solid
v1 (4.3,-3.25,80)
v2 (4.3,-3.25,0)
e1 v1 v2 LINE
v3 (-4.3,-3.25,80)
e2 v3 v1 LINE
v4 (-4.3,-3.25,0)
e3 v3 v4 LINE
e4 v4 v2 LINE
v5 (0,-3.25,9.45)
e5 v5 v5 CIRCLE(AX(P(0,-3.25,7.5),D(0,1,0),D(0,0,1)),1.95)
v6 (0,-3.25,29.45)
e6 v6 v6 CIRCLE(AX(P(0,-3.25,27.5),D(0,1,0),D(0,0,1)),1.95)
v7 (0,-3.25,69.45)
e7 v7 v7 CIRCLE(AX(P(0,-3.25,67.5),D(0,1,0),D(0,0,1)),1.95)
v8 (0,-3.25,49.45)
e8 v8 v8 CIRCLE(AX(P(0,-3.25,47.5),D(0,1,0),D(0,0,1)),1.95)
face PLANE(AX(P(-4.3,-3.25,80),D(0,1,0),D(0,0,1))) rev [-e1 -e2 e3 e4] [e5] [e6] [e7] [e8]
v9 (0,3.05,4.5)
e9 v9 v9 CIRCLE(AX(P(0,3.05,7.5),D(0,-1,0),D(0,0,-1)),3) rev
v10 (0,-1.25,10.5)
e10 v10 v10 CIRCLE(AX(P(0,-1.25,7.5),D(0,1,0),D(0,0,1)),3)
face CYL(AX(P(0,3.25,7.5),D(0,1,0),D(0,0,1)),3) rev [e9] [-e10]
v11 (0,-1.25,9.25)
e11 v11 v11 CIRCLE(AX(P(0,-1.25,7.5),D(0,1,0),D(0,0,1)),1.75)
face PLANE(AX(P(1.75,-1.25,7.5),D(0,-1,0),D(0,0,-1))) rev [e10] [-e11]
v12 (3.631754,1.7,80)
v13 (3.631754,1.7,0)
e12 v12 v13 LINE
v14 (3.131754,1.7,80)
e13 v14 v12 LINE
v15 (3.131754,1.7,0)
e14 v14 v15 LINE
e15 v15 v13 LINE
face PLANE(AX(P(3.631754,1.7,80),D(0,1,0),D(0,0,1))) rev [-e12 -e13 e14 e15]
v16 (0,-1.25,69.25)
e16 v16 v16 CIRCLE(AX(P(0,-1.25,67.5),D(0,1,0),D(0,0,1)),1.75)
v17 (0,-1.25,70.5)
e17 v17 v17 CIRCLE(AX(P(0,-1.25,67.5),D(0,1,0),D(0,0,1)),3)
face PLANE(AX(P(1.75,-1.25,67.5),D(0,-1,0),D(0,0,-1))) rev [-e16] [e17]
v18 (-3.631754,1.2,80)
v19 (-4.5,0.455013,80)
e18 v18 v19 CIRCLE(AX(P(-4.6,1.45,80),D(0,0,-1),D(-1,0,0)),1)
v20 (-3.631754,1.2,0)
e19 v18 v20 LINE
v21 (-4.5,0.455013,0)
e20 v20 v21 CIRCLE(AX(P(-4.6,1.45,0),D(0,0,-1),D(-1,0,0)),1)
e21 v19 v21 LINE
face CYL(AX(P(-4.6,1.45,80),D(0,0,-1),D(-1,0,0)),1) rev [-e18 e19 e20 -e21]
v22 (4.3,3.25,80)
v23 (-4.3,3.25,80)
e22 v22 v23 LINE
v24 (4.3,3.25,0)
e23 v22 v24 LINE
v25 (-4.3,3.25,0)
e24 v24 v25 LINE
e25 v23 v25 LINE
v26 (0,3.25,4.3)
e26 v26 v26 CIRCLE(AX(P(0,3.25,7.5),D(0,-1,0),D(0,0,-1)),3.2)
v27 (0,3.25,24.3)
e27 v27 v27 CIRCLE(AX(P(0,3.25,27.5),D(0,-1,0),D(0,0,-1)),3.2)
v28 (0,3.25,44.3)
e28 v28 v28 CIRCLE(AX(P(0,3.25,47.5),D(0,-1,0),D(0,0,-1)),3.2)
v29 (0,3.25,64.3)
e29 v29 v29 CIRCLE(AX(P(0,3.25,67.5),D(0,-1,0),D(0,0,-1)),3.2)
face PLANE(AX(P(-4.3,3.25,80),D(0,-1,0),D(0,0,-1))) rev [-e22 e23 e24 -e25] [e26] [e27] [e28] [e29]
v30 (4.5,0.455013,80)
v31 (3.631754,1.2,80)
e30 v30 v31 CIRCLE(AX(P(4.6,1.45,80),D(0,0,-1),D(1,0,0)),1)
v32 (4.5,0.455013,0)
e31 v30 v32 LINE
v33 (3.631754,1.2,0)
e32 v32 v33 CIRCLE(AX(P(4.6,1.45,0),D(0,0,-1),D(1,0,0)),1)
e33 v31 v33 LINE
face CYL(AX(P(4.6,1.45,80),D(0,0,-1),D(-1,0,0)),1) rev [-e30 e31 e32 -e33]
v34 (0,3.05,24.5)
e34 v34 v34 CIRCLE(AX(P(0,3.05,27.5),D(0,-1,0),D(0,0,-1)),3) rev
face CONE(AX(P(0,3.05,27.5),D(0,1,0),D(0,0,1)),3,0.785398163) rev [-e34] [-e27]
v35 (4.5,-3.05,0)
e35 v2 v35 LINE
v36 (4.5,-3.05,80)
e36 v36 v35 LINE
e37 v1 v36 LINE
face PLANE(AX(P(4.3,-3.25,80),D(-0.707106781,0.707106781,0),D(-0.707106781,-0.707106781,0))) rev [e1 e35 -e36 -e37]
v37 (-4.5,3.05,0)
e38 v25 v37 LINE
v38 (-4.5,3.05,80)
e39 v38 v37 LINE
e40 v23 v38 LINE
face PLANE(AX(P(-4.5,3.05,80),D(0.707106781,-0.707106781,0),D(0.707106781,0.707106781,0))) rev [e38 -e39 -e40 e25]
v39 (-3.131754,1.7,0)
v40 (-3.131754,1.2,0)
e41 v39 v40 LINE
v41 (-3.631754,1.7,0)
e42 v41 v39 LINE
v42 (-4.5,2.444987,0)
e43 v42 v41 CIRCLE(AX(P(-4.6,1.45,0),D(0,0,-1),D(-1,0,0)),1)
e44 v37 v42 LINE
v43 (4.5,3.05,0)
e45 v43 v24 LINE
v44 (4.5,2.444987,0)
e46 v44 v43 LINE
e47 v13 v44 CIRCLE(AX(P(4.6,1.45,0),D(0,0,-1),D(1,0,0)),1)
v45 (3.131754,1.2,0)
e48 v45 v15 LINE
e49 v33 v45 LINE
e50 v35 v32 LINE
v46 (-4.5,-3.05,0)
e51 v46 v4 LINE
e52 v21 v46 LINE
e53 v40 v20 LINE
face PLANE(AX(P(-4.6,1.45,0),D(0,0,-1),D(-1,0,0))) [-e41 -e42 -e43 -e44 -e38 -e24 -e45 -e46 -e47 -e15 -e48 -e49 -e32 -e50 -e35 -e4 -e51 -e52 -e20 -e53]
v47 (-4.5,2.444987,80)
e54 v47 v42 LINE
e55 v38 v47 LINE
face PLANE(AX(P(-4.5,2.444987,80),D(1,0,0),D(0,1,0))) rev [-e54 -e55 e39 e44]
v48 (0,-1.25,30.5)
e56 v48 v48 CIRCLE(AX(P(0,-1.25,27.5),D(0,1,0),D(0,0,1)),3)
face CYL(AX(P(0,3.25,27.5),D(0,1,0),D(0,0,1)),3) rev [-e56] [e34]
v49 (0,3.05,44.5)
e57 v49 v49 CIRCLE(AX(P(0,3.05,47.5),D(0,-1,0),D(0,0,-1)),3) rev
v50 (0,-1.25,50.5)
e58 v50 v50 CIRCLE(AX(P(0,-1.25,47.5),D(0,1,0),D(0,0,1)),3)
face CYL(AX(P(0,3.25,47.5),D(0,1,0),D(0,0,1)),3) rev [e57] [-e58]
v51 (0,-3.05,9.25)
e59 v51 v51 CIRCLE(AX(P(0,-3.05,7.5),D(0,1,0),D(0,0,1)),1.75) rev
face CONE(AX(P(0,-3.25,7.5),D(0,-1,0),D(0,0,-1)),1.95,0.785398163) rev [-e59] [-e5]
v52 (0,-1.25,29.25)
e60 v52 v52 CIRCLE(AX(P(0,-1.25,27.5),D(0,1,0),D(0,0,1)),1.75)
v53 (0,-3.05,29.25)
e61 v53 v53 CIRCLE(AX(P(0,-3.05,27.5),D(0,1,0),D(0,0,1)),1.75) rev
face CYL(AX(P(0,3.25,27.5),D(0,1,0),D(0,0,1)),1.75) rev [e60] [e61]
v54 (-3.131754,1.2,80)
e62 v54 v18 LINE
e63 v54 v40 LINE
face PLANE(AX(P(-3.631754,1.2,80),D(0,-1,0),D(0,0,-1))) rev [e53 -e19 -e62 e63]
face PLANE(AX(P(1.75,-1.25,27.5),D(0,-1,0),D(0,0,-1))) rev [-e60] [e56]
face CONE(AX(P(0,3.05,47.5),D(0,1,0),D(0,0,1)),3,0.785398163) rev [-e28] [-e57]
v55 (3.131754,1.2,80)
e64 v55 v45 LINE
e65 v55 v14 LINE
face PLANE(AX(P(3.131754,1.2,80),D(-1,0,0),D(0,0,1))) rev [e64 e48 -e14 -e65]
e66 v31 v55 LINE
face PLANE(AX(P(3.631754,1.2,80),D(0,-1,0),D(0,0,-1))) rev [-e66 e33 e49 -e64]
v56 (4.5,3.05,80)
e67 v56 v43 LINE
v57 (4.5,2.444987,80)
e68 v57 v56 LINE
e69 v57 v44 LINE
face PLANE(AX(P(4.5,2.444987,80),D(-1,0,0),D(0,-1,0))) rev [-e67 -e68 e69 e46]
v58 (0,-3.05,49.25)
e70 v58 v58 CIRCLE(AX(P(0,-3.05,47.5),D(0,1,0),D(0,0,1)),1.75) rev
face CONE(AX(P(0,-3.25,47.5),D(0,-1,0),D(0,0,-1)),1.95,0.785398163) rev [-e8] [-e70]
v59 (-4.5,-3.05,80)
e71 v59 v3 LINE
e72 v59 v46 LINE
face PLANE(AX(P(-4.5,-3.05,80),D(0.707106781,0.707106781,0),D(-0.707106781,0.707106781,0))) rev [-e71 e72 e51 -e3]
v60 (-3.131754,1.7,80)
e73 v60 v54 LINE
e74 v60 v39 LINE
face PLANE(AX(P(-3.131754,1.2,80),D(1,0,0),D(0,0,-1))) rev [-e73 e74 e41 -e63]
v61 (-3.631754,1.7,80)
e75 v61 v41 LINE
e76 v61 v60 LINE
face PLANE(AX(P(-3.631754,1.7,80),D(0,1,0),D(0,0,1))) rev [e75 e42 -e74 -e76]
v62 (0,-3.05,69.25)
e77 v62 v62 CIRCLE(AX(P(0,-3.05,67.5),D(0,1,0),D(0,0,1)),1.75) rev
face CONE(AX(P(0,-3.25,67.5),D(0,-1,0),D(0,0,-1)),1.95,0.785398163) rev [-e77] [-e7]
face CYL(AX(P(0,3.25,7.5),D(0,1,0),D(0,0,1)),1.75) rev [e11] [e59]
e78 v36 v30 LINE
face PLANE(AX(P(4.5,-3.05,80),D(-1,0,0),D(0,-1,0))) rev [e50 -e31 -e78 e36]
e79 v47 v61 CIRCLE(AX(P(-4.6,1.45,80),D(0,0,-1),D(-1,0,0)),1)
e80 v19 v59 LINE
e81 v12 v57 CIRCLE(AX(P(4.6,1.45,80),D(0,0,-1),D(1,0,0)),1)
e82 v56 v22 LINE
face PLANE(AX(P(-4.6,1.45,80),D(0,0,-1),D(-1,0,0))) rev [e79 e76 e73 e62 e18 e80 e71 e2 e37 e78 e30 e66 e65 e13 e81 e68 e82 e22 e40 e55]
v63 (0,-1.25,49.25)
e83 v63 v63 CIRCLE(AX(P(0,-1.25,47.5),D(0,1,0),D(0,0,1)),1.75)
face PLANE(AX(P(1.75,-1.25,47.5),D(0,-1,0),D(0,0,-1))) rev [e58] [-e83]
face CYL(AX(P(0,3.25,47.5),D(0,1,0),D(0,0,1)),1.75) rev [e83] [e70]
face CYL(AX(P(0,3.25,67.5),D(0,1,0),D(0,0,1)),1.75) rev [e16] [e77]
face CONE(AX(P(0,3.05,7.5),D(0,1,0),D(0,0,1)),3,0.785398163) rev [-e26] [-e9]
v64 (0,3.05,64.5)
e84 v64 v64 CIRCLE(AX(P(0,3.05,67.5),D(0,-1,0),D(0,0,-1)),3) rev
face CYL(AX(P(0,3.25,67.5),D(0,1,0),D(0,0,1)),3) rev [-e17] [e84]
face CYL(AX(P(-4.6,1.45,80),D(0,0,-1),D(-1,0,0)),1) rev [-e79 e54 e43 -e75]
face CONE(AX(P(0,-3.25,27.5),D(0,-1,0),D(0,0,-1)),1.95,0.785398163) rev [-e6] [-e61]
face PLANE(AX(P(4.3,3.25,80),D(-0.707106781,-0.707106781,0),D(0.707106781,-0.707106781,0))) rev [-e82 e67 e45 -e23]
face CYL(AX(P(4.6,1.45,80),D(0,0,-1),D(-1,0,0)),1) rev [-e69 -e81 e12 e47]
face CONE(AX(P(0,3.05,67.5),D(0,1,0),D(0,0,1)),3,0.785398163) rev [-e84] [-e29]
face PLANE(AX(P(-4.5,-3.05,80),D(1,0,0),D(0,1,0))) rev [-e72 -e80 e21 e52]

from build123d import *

# Parameters (mm, degrees)
EXTRUDE1_DEPTH                     = 80
HOLE_WIZARD_M3_1_D                 = 3.5
HOLE_WIZARD_M3_1_CBORE_D           = 6
HOLE_WIZARD_M3_1_CBORE_DEPTH       = 4.5
CHAMFER_1_SIZE                     = 0.2
PATTERN_LINEAR_1_COUNT             = 4
PATTERN_LINEAR_1_PITCH             = 20
CHAMFER_1_OF_PATTERN_LINEAR_1_SIZE = 0.2


with BuildPart() as part:
    # Sketch1 → Extrude1 (new body)
    with BuildSketch(Plane.XY):
        with BuildLine():
            Line((-4.3, -3.25), (4.3, -3.25))
            Line((4.3, -3.25), (4.5, -3.05))
            Line((4.5, -3.05), (4.5, 0.455012563))
            ThreePointArc((4.5, 0.455012563), (3.948817336, 0.691078965), (3.631754163, 1.2))
            Line((3.631754163, 1.2), (3.131754163, 1.2))
            Line((3.131754163, 1.2), (3.131754163, 1.7))
            Line((3.131754163, 1.7), (3.631754163, 1.7))
            ThreePointArc((3.631754163, 1.7), (3.948817336, 2.208921035), (4.5, 2.444987437))
            Line((4.5, 2.444987437), (4.5, 3.05))
            Line((4.5, 3.05), (4.3, 3.25))
            Line((4.3, 3.25), (-4.3, 3.25))
            Line((-4.3, 3.25), (-4.5, 3.05))
            Line((-4.5, 3.05), (-4.5, 2.444987437))
            ThreePointArc((-4.5, 2.444987437), (-3.948817336, 2.208921035), (-3.631754163, 1.7))
            Line((-3.631754163, 1.7), (-3.131754163, 1.7))
            Line((-3.131754163, 1.7), (-3.131754163, 1.2))
            Line((-3.131754163, 1.2), (-3.631754163, 1.2))
            ThreePointArc((-3.631754163, 1.2), (-3.948817336, 0.691078965), (-4.5, 0.455012563))
            Line((-4.5, 0.455012563), (-4.5, -3.05))
            Line((-4.5, -3.05), (-4.3, -3.25))
        make_face()
    extrude(amount=EXTRUDE1_DEPTH)

    # M3 平盤頭機械螺釘的柱孔1 (through all)
    with Locations(Plane(origin=(0, 3.25, 0), x_dir=(1, 0, 0), z_dir=(0, 1, 0))):
        with Locations((0, -7.5)):
            hole_wizard_m3_1 = CounterBoreHole(HOLE_WIZARD_M3_1_D / 2, HOLE_WIZARD_M3_1_CBORE_D / 2, HOLE_WIZARD_M3_1_CBORE_DEPTH)

    # 導角1
    chamfer_1_edges = [part.edges().sort_by_distance(p)[0] for p in [
        (-3, 3.25, 7.5),
        (1.75, -3.25, 7.5),
    ]]
    chamfer(chamfer_1_edges, length=CHAMFER_1_SIZE)

    # 直線複製排列1: M3 平盤頭機械螺釘的柱孔1 ×4
    with Locations(*[(0, 0, i * PATTERN_LINEAR_1_PITCH) for i in range(1, PATTERN_LINEAR_1_COUNT)]):
        add(hole_wizard_m3_1, mode=Mode.SUBTRACT)

    # 導角1 of 直線複製排列1
    chamfer_1_of_pattern_linear_1_edges = [part.edges().sort_by_distance(p)[0] for p in [
        (-3, 3.25, 27.5),
        (1.75, -3.25, 27.5),
        (-3, 3.25, 47.5),
        (1.75, -3.25, 47.5),
        (-3, 3.25, 67.5),
        (1.75, -3.25, 67.5),
    ]]
    chamfer(chamfer_1_of_pattern_linear_1_edges, length=CHAMFER_1_OF_PATTERN_LINEAR_1_SIZE)


solid = part.part
